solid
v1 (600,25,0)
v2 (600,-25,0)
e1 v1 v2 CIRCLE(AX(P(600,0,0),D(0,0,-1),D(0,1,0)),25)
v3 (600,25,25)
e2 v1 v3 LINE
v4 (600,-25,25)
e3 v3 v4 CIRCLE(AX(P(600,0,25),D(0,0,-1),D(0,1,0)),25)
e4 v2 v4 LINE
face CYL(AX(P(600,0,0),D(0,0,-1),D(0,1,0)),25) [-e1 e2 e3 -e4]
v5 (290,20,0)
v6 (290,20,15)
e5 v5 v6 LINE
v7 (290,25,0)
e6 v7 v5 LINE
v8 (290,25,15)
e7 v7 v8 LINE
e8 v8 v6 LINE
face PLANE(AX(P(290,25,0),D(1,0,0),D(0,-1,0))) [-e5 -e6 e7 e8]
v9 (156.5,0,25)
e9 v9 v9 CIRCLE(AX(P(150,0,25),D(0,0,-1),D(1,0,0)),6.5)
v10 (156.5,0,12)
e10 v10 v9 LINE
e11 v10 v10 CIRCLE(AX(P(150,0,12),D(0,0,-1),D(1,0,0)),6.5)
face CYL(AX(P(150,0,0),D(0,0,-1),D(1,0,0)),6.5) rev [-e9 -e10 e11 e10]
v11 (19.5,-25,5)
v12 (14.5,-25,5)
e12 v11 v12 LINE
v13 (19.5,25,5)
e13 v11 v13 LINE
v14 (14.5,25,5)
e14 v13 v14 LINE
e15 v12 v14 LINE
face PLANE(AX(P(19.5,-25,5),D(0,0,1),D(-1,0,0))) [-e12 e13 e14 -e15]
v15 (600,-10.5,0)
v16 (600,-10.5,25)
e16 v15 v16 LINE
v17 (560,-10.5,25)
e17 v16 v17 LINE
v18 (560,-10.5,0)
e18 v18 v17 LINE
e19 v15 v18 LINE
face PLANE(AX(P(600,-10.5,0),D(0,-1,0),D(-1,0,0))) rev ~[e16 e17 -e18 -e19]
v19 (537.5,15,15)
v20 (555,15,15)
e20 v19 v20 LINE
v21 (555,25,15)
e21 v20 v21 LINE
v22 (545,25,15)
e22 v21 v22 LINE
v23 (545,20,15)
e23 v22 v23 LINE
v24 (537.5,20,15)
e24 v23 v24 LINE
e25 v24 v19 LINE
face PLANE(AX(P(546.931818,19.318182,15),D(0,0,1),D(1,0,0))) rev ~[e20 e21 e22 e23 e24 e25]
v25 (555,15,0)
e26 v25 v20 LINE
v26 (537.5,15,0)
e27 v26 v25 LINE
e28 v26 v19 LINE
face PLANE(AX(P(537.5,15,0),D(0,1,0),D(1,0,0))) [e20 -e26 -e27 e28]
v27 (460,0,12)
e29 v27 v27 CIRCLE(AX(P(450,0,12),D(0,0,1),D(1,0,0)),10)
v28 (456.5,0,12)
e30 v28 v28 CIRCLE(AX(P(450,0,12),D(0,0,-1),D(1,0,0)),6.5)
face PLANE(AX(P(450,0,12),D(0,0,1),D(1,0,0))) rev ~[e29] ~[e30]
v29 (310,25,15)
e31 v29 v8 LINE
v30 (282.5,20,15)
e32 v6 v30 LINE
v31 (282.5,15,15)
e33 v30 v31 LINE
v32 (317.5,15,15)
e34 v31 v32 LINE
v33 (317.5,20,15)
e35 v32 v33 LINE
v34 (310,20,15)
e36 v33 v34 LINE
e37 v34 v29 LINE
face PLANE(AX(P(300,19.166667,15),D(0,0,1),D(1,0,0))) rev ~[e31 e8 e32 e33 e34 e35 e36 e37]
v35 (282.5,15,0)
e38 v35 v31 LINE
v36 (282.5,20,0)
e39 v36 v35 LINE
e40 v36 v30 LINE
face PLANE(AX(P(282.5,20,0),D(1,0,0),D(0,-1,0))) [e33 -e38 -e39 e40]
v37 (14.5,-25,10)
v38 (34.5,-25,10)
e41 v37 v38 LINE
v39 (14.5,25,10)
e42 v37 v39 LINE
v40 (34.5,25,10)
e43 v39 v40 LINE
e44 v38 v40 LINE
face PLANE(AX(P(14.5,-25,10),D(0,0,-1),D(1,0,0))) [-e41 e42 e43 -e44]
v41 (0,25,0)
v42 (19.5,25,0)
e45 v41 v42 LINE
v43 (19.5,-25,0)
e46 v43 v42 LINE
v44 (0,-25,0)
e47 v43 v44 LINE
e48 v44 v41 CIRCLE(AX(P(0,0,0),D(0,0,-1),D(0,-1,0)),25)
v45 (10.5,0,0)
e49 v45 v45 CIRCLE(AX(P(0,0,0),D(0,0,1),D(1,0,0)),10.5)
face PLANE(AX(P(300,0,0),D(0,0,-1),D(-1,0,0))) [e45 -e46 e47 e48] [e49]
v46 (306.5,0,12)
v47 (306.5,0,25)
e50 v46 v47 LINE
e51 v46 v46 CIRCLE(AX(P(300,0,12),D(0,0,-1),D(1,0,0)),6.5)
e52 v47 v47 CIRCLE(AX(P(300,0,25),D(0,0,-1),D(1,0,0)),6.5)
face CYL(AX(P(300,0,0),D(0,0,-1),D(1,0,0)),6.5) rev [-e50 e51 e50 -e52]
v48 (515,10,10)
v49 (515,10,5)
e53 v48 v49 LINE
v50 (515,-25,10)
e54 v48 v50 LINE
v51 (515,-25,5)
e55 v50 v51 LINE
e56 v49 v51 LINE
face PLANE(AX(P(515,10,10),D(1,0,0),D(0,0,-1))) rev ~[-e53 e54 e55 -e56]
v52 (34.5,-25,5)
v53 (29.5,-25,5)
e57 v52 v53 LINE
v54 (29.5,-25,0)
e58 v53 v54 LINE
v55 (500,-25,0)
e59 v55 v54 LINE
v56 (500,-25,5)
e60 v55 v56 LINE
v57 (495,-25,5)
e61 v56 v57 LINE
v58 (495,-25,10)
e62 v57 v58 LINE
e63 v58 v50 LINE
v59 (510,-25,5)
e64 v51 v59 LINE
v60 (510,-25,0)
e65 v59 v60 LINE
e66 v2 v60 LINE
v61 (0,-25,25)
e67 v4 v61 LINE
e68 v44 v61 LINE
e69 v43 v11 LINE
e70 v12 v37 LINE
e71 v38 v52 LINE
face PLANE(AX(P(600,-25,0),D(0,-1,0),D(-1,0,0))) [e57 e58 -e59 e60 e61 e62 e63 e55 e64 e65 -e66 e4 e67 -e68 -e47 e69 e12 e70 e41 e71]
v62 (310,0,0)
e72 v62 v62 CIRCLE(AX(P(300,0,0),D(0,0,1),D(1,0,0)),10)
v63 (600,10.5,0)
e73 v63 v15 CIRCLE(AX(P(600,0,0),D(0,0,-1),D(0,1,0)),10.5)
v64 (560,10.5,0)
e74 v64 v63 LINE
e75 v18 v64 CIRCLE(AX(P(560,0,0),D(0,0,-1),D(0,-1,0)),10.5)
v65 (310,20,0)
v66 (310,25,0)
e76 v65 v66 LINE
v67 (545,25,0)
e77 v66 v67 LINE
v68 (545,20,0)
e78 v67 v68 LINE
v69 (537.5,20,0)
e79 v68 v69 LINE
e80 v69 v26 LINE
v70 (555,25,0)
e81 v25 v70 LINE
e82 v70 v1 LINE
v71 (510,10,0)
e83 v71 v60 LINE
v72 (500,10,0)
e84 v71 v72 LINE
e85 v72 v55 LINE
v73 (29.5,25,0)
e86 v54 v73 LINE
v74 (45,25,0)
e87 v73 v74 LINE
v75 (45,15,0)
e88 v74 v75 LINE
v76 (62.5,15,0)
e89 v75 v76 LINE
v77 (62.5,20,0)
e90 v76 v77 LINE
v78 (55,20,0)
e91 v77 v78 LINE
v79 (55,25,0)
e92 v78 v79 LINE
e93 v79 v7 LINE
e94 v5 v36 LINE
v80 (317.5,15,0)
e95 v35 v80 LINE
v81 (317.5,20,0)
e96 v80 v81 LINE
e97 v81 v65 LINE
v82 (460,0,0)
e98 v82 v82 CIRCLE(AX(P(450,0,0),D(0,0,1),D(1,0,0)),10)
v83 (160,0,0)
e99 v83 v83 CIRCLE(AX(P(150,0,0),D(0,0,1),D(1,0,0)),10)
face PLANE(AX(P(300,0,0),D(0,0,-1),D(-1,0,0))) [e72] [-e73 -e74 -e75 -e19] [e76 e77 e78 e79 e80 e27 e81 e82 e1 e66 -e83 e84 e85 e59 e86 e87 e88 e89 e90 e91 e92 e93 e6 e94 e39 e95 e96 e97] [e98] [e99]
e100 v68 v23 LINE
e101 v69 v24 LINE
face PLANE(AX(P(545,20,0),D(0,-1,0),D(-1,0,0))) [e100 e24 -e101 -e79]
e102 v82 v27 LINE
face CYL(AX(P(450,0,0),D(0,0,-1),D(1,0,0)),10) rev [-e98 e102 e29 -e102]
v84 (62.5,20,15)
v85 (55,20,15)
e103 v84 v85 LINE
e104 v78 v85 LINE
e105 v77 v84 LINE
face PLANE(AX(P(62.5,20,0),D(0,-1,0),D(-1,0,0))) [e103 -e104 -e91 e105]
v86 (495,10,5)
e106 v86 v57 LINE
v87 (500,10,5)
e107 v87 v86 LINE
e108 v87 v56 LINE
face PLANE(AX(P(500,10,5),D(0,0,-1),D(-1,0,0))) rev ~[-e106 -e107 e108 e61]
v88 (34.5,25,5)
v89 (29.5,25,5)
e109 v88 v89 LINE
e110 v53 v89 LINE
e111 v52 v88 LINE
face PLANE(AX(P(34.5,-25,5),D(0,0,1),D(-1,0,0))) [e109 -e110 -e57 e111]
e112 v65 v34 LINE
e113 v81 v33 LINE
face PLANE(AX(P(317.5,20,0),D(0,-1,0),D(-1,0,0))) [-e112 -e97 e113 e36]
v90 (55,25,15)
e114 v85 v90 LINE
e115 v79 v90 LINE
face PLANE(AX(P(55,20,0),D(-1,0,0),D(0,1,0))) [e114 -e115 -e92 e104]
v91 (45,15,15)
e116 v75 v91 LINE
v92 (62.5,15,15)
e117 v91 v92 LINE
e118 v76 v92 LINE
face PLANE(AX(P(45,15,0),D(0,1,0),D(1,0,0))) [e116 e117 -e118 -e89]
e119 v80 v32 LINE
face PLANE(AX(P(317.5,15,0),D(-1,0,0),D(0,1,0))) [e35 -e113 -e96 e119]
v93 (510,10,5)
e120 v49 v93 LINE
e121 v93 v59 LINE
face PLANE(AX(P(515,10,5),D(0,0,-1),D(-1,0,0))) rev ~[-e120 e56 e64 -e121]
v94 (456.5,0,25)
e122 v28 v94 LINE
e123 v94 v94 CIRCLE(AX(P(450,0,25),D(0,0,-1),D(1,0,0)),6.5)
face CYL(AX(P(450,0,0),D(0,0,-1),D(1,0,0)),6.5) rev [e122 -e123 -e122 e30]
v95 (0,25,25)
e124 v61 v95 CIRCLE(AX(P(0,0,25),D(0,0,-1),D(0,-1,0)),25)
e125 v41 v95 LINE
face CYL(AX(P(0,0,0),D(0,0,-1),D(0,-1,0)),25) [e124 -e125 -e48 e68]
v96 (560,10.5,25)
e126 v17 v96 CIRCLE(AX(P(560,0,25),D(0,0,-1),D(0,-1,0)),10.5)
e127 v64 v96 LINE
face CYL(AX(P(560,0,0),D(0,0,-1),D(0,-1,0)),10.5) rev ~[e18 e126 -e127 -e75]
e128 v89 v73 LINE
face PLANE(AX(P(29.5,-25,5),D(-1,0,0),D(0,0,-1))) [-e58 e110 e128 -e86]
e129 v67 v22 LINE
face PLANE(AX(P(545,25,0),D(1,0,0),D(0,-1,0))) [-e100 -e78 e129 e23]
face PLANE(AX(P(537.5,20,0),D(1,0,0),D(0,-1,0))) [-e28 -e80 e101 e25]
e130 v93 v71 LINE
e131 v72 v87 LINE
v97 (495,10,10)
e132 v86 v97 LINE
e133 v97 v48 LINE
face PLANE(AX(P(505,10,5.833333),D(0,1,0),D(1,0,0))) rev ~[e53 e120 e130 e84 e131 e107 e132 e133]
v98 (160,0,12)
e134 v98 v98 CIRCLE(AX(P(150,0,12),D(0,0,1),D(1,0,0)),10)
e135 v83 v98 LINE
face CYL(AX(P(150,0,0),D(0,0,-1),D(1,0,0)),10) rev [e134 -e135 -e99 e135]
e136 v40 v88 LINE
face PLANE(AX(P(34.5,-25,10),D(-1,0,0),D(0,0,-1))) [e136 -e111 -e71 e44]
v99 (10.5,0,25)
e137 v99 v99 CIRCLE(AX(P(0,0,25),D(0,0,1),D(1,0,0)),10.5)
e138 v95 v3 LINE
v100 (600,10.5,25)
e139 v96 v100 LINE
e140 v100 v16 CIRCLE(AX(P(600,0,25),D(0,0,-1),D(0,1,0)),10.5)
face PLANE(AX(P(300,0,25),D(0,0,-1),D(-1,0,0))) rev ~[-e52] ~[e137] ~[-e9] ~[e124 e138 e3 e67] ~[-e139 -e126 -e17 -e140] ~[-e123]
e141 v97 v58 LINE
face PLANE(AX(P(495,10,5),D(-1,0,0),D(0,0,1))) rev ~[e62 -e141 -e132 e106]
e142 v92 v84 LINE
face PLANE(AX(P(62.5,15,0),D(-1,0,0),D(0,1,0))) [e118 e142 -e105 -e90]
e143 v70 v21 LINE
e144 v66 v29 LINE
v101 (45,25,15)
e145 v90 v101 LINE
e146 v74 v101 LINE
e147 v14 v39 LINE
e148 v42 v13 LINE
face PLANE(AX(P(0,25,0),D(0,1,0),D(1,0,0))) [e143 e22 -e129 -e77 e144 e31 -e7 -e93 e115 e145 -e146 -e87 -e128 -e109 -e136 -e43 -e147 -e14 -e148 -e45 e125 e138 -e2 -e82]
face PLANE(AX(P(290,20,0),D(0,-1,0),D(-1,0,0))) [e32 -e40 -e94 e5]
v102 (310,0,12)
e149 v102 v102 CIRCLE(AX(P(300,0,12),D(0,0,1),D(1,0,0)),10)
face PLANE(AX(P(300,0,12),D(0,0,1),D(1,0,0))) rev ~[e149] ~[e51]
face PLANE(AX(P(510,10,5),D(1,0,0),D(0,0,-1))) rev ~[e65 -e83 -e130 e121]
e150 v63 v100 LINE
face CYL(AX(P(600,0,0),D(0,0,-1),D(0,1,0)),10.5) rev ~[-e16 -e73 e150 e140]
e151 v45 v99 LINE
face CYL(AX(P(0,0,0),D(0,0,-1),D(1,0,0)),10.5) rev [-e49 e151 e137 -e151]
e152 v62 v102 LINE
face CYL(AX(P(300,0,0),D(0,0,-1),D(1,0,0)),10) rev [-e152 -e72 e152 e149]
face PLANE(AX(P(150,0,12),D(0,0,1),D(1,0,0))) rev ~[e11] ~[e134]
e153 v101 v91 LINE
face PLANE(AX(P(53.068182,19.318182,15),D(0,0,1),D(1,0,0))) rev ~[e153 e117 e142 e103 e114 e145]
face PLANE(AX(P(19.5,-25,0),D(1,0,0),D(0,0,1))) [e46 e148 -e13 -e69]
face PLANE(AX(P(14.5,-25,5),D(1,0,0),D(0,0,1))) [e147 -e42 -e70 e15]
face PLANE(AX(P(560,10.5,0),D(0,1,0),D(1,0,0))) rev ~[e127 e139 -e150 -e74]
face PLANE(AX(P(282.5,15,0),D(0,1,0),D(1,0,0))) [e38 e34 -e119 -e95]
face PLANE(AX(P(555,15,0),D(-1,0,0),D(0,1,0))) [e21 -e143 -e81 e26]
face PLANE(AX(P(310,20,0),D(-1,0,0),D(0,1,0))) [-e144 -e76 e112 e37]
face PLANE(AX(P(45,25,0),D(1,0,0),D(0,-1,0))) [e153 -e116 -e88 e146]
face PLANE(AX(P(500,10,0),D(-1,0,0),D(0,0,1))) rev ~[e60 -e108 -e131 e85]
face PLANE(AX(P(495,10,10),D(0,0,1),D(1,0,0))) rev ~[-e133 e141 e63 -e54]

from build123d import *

# Parameters (mm, degrees)
ESQUISSE1_R                  = 10.5
BOSS_EXTRU_1_DEPTH           = 25
ENL_V_START                  = -15
ENL_V_MAT_EXTRU_1_DEPTH      = 35
ENL_V_MAT_EXTRU_2_DEPTH      = 50
ENL_V_MAT_EXTRU_3_DEPTH      = 15
ESQUISSE1_4_R                = 6.500000002
ENL_V_MAT_EXTRU_4_DEPTH      = 26
ENL_V_MAT_EXTRU_4_DEPTH_BACK = 1
ESQUISSE1_5_R                = 10.000000002
ENL_V_MAT_EXTRU_5_DEPTH      = 12


with BuildPart() as part:
    # Esquisse1 → Boss.-Extru.1 (new body)
    with BuildSketch(Plane.XY):
        with BuildLine():
            Line((600, -25), (0, -25))
            ThreePointArc((0, -25), (-25, 0), (0, 25))
            Line((0, 25), (600, 25))
            ThreePointArc((600, 25), (625, 0), (600, -25))
        make_face()
        Circle(ESQUISSE1_R, mode=Mode.SUBTRACT)
        with BuildLine():
            Line((560, 10.5), (600, 10.5))
            ThreePointArc((600, 10.5), (610.5, 0), (600, -10.5))
            Line((600, -10.5), (560, -10.5))
            ThreePointArc((560, -10.5), (549.5, 0), (560, 10.5))
        make_face(mode=Mode.SUBTRACT)
    extrude(amount=BOSS_EXTRU_1_DEPTH)

    # Esquisse2 → Enl_v. mat.-Extru.1 (cut)
    with BuildSketch(Plane(origin=(0, 25, 0), x_dir=(1, 0, 0), z_dir=(0, 1, 0)).offset(ENL_V_START)):
        Polygon((510, 0), (500, 0), (500, -5), (495, -5), (495, -10), (515, -10), (515, -5), (510, -5), align=None)
    extrude(amount=-ENL_V_MAT_EXTRU_1_DEPTH, mode=Mode.SUBTRACT)

    # Esquisse3 → Enl_v. mat.-Extru.2 (cut)
    with BuildSketch(Plane.XZ.offset(25)):
        Polygon((19.5, 0), (19.5, 5), (14.5, 5), (14.5, 10), (34.5, 10), (34.5, 5), (29.5, 5), (29.5, 0), align=None)
    extrude(amount=-ENL_V_MAT_EXTRU_2_DEPTH, mode=Mode.SUBTRACT)

    # Esquisse1_3 → Enl_v. mat.-Extru.3 (cut)
    with BuildSketch(Plane.XY):
        Polygon((55, 25), (45, 25), (45, 15), (62.5, 15), (62.5, 20), (55, 20), align=None)
        Polygon((310, 20), (310, 25), (290, 25), (290, 20), (282.5, 20), (282.5, 15), (317.5, 15), (317.5, 20), align=None)
        Polygon((555, 15), (555, 25), (545, 25), (545, 20), (537.5, 20), (537.5, 15), align=None)
    extrude(amount=ENL_V_MAT_EXTRU_3_DEPTH, mode=Mode.SUBTRACT)

    # Esquisse1_4 → Enl_v. mat.-Extru.4 (cut, two sides)
    with BuildSketch(Plane.XY) as enl_v_mat_extru_4_sk:
        with Locations((300, 0)):
            Circle(ESQUISSE1_4_R)
        with Locations((450, 0)):
            Circle(ESQUISSE1_4_R)
        with Locations((150, 0)):
            Circle(ESQUISSE1_4_R)
    extrude(amount=ENL_V_MAT_EXTRU_4_DEPTH, mode=Mode.SUBTRACT)
    extrude(enl_v_mat_extru_4_sk.sketch, amount=-ENL_V_MAT_EXTRU_4_DEPTH_BACK, mode=Mode.SUBTRACT)

    # Esquisse1_5 → Enl_v. mat.-Extru.5 (cut)
    with BuildSketch(Plane.XY):
        with Locations((300, 0)):
            Circle(ESQUISSE1_5_R)
        with Locations((450, 0)):
            Circle(ESQUISSE1_5_R)
        with Locations((150, 0)):
            Circle(ESQUISSE1_5_R)
    extrude(amount=ENL_V_MAT_EXTRU_5_DEPTH, mode=Mode.SUBTRACT)


solid = part.part
